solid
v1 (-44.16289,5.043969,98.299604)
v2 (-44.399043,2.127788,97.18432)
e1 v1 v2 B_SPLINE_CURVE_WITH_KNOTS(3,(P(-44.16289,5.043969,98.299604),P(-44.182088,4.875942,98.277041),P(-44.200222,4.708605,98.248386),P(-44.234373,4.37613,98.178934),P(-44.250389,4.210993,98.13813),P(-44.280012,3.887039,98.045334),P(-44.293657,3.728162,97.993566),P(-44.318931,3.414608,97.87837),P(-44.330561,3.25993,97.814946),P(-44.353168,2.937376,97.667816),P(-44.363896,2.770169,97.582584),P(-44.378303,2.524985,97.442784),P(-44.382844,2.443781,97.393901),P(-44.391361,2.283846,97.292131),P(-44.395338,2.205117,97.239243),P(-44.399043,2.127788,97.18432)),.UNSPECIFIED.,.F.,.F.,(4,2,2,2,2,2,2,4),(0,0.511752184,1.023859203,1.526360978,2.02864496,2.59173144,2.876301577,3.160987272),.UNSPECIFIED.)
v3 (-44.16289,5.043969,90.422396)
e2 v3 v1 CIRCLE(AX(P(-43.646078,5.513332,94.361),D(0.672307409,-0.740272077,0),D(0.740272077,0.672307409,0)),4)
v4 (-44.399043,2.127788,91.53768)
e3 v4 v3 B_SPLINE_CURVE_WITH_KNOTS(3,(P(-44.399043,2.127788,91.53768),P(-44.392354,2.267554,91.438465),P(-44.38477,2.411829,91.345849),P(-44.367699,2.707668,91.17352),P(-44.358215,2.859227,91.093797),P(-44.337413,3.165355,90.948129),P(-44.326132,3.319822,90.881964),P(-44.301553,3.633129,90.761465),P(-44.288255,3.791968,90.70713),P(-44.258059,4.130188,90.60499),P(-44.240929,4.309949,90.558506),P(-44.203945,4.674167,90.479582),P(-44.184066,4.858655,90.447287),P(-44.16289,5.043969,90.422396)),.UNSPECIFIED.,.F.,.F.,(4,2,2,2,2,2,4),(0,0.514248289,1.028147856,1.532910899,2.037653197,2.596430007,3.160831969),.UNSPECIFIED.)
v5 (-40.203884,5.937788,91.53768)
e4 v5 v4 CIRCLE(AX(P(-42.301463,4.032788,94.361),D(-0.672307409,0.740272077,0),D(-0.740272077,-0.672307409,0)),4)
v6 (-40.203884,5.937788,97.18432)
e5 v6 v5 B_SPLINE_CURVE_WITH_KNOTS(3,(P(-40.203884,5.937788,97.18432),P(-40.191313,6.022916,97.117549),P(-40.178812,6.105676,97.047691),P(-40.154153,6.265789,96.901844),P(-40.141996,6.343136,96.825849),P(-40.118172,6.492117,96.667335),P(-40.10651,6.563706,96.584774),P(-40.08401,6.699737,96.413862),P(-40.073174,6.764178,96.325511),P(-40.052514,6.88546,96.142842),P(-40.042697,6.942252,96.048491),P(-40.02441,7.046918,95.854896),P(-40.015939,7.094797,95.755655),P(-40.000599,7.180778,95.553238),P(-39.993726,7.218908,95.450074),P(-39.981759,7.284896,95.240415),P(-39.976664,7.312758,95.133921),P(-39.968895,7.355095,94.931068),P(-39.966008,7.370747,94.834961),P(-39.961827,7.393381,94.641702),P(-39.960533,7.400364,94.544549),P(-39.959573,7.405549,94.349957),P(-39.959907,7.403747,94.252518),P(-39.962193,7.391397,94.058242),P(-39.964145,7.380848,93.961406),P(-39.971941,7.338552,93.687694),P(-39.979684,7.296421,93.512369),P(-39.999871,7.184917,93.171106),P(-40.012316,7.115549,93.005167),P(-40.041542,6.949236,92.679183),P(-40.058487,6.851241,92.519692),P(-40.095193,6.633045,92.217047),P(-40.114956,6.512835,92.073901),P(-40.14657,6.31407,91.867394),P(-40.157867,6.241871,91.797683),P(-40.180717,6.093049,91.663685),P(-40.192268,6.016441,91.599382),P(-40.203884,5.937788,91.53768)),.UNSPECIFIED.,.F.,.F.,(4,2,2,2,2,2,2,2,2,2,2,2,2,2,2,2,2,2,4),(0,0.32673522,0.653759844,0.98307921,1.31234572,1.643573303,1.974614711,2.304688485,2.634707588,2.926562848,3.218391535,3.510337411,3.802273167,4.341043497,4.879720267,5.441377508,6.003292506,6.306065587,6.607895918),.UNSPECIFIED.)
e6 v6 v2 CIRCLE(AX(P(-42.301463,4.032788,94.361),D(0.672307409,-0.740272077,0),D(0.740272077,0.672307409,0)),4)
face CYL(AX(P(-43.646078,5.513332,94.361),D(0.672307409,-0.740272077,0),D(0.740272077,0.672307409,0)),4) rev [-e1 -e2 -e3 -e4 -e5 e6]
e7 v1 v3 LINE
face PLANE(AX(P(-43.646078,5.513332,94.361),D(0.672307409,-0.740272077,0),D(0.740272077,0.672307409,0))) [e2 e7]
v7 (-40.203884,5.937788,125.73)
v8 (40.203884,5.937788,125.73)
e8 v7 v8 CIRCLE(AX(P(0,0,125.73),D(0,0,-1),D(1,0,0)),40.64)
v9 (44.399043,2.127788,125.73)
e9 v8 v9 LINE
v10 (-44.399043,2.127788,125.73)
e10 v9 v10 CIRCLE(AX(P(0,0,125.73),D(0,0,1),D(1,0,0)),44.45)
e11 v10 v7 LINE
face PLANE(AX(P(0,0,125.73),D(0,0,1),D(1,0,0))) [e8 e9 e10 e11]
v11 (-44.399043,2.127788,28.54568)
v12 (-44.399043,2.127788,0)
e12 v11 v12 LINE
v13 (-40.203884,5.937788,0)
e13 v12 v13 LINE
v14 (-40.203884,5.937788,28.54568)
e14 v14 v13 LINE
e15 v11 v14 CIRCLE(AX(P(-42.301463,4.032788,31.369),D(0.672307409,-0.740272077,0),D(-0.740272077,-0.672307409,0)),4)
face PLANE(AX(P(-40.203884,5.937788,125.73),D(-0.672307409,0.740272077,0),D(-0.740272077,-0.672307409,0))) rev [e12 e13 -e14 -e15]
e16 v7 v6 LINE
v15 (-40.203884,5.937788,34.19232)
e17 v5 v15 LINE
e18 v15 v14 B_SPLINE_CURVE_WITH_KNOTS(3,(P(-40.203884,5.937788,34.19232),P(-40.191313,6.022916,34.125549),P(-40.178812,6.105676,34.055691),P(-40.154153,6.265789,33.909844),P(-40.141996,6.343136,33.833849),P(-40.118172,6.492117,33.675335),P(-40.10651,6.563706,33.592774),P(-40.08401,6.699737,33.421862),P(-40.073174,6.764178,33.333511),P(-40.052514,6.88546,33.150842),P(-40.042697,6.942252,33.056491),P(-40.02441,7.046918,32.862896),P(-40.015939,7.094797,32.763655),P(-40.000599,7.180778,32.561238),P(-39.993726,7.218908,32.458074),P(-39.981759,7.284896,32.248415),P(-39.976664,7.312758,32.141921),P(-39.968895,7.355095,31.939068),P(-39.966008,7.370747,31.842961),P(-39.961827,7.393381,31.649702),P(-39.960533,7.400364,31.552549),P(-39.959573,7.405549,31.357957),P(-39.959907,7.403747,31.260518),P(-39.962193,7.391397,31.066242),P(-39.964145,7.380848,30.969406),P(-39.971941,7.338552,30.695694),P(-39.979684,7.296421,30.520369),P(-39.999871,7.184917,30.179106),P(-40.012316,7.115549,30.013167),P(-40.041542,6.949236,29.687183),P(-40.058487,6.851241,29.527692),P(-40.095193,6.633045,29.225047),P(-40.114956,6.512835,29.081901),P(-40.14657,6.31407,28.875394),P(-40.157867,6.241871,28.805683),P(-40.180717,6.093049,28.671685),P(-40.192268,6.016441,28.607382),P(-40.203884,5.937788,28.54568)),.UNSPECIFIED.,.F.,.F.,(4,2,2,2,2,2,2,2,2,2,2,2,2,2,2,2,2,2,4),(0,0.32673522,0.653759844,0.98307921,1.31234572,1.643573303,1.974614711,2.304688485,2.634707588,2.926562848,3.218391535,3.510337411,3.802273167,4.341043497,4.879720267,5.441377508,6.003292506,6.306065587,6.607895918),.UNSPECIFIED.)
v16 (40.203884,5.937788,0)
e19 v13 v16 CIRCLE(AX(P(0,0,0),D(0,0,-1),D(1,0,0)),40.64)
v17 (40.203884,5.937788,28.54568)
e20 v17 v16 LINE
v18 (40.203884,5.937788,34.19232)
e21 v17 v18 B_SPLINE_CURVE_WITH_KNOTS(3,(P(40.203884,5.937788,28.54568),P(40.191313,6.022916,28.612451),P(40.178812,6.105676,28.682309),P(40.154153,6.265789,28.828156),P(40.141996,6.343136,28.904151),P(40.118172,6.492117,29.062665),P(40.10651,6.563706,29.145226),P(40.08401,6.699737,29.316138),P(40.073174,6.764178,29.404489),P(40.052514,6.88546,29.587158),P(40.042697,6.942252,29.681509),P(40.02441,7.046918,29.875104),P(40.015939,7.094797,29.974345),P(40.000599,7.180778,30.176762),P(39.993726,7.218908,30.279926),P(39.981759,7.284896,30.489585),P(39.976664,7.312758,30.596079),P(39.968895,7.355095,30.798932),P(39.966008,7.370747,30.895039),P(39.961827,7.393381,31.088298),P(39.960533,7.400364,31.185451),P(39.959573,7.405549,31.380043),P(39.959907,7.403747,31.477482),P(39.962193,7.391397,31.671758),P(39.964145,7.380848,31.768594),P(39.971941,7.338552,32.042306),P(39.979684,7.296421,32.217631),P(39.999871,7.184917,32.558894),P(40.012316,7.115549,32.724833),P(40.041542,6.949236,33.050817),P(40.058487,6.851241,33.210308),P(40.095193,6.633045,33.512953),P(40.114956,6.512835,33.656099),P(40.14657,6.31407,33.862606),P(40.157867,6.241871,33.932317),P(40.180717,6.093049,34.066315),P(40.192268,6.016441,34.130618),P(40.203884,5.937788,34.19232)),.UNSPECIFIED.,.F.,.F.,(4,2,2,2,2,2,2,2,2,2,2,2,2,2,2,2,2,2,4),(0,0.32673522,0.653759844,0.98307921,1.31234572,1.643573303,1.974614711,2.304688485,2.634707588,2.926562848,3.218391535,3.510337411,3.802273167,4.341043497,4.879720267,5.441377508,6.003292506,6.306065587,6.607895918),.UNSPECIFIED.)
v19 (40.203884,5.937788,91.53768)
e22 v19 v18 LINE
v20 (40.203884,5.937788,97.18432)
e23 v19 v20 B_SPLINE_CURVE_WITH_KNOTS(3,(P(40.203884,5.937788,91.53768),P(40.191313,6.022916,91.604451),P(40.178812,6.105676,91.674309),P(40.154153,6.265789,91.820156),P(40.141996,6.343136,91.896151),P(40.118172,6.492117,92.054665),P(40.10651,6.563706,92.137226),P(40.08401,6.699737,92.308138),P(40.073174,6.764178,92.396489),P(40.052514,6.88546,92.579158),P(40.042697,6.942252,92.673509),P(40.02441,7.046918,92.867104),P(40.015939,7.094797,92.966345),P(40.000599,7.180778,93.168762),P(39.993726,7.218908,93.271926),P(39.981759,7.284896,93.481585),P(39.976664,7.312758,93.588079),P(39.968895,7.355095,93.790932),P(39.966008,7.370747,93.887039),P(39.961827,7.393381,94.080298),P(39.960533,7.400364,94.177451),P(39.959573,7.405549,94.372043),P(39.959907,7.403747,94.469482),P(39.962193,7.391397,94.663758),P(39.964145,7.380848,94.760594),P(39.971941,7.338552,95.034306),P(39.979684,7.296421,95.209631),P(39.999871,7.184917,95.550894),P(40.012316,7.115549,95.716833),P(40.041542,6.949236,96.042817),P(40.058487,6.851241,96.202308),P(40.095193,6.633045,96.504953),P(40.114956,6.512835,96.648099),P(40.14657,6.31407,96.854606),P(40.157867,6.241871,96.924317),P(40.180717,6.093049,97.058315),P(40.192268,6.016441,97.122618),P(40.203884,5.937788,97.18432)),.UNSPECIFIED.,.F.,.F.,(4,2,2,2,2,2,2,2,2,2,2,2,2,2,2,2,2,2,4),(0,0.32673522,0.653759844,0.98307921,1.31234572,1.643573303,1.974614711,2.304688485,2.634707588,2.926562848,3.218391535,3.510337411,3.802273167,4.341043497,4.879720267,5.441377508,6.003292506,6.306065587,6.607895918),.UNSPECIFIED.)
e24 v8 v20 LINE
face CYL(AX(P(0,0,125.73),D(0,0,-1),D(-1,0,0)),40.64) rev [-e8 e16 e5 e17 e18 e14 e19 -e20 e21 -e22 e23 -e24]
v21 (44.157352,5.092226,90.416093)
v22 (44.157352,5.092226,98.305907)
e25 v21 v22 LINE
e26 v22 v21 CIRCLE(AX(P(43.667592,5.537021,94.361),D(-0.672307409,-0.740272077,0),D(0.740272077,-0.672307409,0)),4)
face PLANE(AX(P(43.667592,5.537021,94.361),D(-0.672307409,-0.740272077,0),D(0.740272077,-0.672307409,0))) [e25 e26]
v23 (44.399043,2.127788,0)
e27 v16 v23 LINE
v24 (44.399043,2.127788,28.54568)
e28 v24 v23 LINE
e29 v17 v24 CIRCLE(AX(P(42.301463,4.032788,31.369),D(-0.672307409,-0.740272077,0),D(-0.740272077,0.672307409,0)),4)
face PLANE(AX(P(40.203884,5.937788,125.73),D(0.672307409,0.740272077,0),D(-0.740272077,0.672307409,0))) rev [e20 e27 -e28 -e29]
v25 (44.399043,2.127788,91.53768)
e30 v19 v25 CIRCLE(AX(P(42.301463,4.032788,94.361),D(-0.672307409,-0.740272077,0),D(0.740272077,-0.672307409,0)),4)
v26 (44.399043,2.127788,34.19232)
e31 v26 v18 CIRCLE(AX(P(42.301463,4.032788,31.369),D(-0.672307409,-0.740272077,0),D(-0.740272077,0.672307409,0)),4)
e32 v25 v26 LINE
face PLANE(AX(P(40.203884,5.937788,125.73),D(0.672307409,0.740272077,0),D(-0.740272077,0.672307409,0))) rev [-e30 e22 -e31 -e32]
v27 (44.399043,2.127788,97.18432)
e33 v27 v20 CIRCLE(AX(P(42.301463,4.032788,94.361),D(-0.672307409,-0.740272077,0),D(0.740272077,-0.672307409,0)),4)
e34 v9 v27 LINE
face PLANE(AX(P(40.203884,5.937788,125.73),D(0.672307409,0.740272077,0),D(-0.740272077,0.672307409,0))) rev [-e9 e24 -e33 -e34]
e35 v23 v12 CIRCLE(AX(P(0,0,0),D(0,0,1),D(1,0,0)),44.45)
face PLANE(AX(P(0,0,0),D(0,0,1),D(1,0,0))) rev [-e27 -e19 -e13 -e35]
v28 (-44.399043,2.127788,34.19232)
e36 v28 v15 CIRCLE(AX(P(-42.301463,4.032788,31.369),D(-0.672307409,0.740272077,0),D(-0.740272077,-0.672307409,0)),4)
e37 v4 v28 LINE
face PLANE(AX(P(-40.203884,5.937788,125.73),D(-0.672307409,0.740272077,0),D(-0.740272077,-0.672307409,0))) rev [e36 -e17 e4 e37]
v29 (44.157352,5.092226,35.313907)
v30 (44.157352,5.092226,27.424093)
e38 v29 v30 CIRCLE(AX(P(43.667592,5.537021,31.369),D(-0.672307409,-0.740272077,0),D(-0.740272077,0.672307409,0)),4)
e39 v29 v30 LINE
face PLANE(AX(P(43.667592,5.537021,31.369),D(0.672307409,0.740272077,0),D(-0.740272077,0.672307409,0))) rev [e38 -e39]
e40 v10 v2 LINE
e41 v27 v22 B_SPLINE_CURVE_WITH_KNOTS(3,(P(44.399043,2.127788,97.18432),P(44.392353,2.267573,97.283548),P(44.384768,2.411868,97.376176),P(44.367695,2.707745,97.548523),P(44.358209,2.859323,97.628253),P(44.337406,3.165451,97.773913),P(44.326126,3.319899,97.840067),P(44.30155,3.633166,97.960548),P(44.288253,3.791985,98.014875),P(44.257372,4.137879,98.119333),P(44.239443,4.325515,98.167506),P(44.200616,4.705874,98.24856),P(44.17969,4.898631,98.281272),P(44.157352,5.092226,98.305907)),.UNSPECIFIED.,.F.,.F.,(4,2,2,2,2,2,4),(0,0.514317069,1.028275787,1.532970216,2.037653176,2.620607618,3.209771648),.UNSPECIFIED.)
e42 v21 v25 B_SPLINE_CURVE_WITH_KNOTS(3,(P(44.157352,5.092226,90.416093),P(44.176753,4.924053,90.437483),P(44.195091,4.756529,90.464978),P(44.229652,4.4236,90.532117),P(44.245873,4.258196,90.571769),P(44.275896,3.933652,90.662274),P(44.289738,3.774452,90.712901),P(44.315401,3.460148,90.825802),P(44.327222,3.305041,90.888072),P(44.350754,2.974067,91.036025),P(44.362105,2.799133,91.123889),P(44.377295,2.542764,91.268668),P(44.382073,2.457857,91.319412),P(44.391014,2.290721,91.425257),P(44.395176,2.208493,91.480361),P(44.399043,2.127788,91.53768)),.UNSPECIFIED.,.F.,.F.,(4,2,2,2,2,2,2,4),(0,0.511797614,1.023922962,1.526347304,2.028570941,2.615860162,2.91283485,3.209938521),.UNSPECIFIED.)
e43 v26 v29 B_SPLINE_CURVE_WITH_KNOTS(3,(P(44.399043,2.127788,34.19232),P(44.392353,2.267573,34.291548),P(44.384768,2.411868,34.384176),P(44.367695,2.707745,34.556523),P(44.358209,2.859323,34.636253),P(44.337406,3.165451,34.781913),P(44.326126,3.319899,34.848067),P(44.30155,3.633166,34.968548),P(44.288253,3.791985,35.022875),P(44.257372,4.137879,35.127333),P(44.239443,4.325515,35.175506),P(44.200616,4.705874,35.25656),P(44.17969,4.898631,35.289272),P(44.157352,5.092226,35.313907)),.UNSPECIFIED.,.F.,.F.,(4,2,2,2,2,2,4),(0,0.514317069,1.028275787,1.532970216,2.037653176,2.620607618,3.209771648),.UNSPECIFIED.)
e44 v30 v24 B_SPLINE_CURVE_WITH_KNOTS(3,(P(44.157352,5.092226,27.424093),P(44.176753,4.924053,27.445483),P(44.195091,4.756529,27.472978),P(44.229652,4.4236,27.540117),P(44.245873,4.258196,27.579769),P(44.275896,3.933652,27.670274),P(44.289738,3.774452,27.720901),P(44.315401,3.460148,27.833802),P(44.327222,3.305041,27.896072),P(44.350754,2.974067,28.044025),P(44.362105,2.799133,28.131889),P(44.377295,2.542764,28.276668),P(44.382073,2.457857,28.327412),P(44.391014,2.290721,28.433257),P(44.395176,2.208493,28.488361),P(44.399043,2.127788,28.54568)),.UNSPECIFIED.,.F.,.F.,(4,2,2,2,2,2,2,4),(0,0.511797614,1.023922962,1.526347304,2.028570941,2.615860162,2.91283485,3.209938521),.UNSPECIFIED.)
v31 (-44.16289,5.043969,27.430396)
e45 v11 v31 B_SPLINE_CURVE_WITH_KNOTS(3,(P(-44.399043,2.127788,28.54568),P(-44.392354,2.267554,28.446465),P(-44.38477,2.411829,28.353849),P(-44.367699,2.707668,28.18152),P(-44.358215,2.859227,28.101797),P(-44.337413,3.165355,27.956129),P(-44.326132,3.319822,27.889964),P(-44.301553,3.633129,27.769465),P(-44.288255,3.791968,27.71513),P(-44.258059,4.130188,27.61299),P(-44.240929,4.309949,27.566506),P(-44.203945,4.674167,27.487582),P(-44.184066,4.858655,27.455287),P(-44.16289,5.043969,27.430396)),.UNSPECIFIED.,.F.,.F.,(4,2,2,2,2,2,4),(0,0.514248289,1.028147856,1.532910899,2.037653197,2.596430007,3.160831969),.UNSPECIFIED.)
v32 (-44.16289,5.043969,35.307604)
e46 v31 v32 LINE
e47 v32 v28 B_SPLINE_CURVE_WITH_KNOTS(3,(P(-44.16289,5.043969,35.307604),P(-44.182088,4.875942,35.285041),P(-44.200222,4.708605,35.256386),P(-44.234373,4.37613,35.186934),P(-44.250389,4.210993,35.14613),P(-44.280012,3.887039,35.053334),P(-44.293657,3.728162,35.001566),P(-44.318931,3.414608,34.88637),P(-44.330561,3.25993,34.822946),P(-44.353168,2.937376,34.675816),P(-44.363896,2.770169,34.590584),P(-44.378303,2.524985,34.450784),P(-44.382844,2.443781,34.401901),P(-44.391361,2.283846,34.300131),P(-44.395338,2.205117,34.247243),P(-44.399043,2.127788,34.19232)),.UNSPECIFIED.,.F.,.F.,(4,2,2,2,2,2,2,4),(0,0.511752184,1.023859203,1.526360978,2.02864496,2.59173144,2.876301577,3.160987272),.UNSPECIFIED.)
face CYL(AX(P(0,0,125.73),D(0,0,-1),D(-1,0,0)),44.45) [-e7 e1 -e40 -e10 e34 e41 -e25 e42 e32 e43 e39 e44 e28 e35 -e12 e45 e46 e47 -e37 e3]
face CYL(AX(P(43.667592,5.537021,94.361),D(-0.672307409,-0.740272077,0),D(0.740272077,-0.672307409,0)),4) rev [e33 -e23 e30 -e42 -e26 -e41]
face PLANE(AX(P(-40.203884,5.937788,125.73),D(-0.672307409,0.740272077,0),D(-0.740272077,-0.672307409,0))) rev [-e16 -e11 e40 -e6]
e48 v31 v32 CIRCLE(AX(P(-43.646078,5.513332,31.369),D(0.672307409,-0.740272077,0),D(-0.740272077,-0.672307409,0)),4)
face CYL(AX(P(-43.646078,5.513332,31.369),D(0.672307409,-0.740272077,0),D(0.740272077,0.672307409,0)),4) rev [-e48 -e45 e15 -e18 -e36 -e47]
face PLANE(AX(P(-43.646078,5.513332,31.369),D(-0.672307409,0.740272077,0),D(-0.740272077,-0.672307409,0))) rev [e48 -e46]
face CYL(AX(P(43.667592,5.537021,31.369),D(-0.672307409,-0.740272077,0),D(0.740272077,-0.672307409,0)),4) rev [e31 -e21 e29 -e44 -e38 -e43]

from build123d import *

# Parameters (mm, degrees)
BOSS_EXTRUDE1_DEPTH = 125.73
SKETCH2_R           = 4
CUT_EXTRUDE1_DEPTH  = 2
SKETCH3_R           = 4
CUT_EXTRUDE2_DEPTH  = 2.032


with BuildPart() as part:
    # Sketch1 → Boss-Extrude1 (new body)
    with BuildSketch(Plane.XY):
        with BuildLine():
            Line((-40.203883769, 5.937788296), (-44.399042974, 2.127788296))
            ThreePointArc((-44.399042974, 2.127788296), (0, 44.45), (44.399042974, 2.127788296))
            Line((44.399042974, 2.127788296), (40.203883769, 5.937788296))
            ThreePointArc((40.203883769, 5.937788296), (0, 40.64), (-40.203883769, 5.937788296))
        make_face()
    extrude(amount=BOSS_EXTRUDE1_DEPTH)

    # Sketch2 → Cut-Extrude1 (cut)
    with BuildSketch(Plane(origin=(-21.127225221, 23.263011377, 0), x_dir=(0.7402720771062569, 0.6723074087475075, 0), z_dir=(0.6723074087475075, -0.7402720771062569, 0))):
        with Locations((-28.603318705, 94.361)):
            Circle(SKETCH2_R)
        with Locations((-28.603318705, 31.369)):
            Circle(SKETCH2_R)
    extrude(amount=-CUT_EXTRUDE1_DEPTH, mode=Mode.SUBTRACT)

    # Sketch3 → Cut-Extrude2 (cut)
    with BuildSketch(Plane(origin=(21.127225221, 23.263011377, 0), x_dir=(-0.7402720771062569, 0.6723074087475075, 0), z_dir=(-0.6723074087475075, -0.7402720771062569, 0))):
        with Locations((-28.603318705, -94.361)):
            Circle(SKETCH3_R)
        with Locations((-28.603318705, -31.369)):
            Circle(SKETCH3_R)
    extrude(amount=-CUT_EXTRUDE2_DEPTH, mode=Mode.SUBTRACT)


solid = part.part
